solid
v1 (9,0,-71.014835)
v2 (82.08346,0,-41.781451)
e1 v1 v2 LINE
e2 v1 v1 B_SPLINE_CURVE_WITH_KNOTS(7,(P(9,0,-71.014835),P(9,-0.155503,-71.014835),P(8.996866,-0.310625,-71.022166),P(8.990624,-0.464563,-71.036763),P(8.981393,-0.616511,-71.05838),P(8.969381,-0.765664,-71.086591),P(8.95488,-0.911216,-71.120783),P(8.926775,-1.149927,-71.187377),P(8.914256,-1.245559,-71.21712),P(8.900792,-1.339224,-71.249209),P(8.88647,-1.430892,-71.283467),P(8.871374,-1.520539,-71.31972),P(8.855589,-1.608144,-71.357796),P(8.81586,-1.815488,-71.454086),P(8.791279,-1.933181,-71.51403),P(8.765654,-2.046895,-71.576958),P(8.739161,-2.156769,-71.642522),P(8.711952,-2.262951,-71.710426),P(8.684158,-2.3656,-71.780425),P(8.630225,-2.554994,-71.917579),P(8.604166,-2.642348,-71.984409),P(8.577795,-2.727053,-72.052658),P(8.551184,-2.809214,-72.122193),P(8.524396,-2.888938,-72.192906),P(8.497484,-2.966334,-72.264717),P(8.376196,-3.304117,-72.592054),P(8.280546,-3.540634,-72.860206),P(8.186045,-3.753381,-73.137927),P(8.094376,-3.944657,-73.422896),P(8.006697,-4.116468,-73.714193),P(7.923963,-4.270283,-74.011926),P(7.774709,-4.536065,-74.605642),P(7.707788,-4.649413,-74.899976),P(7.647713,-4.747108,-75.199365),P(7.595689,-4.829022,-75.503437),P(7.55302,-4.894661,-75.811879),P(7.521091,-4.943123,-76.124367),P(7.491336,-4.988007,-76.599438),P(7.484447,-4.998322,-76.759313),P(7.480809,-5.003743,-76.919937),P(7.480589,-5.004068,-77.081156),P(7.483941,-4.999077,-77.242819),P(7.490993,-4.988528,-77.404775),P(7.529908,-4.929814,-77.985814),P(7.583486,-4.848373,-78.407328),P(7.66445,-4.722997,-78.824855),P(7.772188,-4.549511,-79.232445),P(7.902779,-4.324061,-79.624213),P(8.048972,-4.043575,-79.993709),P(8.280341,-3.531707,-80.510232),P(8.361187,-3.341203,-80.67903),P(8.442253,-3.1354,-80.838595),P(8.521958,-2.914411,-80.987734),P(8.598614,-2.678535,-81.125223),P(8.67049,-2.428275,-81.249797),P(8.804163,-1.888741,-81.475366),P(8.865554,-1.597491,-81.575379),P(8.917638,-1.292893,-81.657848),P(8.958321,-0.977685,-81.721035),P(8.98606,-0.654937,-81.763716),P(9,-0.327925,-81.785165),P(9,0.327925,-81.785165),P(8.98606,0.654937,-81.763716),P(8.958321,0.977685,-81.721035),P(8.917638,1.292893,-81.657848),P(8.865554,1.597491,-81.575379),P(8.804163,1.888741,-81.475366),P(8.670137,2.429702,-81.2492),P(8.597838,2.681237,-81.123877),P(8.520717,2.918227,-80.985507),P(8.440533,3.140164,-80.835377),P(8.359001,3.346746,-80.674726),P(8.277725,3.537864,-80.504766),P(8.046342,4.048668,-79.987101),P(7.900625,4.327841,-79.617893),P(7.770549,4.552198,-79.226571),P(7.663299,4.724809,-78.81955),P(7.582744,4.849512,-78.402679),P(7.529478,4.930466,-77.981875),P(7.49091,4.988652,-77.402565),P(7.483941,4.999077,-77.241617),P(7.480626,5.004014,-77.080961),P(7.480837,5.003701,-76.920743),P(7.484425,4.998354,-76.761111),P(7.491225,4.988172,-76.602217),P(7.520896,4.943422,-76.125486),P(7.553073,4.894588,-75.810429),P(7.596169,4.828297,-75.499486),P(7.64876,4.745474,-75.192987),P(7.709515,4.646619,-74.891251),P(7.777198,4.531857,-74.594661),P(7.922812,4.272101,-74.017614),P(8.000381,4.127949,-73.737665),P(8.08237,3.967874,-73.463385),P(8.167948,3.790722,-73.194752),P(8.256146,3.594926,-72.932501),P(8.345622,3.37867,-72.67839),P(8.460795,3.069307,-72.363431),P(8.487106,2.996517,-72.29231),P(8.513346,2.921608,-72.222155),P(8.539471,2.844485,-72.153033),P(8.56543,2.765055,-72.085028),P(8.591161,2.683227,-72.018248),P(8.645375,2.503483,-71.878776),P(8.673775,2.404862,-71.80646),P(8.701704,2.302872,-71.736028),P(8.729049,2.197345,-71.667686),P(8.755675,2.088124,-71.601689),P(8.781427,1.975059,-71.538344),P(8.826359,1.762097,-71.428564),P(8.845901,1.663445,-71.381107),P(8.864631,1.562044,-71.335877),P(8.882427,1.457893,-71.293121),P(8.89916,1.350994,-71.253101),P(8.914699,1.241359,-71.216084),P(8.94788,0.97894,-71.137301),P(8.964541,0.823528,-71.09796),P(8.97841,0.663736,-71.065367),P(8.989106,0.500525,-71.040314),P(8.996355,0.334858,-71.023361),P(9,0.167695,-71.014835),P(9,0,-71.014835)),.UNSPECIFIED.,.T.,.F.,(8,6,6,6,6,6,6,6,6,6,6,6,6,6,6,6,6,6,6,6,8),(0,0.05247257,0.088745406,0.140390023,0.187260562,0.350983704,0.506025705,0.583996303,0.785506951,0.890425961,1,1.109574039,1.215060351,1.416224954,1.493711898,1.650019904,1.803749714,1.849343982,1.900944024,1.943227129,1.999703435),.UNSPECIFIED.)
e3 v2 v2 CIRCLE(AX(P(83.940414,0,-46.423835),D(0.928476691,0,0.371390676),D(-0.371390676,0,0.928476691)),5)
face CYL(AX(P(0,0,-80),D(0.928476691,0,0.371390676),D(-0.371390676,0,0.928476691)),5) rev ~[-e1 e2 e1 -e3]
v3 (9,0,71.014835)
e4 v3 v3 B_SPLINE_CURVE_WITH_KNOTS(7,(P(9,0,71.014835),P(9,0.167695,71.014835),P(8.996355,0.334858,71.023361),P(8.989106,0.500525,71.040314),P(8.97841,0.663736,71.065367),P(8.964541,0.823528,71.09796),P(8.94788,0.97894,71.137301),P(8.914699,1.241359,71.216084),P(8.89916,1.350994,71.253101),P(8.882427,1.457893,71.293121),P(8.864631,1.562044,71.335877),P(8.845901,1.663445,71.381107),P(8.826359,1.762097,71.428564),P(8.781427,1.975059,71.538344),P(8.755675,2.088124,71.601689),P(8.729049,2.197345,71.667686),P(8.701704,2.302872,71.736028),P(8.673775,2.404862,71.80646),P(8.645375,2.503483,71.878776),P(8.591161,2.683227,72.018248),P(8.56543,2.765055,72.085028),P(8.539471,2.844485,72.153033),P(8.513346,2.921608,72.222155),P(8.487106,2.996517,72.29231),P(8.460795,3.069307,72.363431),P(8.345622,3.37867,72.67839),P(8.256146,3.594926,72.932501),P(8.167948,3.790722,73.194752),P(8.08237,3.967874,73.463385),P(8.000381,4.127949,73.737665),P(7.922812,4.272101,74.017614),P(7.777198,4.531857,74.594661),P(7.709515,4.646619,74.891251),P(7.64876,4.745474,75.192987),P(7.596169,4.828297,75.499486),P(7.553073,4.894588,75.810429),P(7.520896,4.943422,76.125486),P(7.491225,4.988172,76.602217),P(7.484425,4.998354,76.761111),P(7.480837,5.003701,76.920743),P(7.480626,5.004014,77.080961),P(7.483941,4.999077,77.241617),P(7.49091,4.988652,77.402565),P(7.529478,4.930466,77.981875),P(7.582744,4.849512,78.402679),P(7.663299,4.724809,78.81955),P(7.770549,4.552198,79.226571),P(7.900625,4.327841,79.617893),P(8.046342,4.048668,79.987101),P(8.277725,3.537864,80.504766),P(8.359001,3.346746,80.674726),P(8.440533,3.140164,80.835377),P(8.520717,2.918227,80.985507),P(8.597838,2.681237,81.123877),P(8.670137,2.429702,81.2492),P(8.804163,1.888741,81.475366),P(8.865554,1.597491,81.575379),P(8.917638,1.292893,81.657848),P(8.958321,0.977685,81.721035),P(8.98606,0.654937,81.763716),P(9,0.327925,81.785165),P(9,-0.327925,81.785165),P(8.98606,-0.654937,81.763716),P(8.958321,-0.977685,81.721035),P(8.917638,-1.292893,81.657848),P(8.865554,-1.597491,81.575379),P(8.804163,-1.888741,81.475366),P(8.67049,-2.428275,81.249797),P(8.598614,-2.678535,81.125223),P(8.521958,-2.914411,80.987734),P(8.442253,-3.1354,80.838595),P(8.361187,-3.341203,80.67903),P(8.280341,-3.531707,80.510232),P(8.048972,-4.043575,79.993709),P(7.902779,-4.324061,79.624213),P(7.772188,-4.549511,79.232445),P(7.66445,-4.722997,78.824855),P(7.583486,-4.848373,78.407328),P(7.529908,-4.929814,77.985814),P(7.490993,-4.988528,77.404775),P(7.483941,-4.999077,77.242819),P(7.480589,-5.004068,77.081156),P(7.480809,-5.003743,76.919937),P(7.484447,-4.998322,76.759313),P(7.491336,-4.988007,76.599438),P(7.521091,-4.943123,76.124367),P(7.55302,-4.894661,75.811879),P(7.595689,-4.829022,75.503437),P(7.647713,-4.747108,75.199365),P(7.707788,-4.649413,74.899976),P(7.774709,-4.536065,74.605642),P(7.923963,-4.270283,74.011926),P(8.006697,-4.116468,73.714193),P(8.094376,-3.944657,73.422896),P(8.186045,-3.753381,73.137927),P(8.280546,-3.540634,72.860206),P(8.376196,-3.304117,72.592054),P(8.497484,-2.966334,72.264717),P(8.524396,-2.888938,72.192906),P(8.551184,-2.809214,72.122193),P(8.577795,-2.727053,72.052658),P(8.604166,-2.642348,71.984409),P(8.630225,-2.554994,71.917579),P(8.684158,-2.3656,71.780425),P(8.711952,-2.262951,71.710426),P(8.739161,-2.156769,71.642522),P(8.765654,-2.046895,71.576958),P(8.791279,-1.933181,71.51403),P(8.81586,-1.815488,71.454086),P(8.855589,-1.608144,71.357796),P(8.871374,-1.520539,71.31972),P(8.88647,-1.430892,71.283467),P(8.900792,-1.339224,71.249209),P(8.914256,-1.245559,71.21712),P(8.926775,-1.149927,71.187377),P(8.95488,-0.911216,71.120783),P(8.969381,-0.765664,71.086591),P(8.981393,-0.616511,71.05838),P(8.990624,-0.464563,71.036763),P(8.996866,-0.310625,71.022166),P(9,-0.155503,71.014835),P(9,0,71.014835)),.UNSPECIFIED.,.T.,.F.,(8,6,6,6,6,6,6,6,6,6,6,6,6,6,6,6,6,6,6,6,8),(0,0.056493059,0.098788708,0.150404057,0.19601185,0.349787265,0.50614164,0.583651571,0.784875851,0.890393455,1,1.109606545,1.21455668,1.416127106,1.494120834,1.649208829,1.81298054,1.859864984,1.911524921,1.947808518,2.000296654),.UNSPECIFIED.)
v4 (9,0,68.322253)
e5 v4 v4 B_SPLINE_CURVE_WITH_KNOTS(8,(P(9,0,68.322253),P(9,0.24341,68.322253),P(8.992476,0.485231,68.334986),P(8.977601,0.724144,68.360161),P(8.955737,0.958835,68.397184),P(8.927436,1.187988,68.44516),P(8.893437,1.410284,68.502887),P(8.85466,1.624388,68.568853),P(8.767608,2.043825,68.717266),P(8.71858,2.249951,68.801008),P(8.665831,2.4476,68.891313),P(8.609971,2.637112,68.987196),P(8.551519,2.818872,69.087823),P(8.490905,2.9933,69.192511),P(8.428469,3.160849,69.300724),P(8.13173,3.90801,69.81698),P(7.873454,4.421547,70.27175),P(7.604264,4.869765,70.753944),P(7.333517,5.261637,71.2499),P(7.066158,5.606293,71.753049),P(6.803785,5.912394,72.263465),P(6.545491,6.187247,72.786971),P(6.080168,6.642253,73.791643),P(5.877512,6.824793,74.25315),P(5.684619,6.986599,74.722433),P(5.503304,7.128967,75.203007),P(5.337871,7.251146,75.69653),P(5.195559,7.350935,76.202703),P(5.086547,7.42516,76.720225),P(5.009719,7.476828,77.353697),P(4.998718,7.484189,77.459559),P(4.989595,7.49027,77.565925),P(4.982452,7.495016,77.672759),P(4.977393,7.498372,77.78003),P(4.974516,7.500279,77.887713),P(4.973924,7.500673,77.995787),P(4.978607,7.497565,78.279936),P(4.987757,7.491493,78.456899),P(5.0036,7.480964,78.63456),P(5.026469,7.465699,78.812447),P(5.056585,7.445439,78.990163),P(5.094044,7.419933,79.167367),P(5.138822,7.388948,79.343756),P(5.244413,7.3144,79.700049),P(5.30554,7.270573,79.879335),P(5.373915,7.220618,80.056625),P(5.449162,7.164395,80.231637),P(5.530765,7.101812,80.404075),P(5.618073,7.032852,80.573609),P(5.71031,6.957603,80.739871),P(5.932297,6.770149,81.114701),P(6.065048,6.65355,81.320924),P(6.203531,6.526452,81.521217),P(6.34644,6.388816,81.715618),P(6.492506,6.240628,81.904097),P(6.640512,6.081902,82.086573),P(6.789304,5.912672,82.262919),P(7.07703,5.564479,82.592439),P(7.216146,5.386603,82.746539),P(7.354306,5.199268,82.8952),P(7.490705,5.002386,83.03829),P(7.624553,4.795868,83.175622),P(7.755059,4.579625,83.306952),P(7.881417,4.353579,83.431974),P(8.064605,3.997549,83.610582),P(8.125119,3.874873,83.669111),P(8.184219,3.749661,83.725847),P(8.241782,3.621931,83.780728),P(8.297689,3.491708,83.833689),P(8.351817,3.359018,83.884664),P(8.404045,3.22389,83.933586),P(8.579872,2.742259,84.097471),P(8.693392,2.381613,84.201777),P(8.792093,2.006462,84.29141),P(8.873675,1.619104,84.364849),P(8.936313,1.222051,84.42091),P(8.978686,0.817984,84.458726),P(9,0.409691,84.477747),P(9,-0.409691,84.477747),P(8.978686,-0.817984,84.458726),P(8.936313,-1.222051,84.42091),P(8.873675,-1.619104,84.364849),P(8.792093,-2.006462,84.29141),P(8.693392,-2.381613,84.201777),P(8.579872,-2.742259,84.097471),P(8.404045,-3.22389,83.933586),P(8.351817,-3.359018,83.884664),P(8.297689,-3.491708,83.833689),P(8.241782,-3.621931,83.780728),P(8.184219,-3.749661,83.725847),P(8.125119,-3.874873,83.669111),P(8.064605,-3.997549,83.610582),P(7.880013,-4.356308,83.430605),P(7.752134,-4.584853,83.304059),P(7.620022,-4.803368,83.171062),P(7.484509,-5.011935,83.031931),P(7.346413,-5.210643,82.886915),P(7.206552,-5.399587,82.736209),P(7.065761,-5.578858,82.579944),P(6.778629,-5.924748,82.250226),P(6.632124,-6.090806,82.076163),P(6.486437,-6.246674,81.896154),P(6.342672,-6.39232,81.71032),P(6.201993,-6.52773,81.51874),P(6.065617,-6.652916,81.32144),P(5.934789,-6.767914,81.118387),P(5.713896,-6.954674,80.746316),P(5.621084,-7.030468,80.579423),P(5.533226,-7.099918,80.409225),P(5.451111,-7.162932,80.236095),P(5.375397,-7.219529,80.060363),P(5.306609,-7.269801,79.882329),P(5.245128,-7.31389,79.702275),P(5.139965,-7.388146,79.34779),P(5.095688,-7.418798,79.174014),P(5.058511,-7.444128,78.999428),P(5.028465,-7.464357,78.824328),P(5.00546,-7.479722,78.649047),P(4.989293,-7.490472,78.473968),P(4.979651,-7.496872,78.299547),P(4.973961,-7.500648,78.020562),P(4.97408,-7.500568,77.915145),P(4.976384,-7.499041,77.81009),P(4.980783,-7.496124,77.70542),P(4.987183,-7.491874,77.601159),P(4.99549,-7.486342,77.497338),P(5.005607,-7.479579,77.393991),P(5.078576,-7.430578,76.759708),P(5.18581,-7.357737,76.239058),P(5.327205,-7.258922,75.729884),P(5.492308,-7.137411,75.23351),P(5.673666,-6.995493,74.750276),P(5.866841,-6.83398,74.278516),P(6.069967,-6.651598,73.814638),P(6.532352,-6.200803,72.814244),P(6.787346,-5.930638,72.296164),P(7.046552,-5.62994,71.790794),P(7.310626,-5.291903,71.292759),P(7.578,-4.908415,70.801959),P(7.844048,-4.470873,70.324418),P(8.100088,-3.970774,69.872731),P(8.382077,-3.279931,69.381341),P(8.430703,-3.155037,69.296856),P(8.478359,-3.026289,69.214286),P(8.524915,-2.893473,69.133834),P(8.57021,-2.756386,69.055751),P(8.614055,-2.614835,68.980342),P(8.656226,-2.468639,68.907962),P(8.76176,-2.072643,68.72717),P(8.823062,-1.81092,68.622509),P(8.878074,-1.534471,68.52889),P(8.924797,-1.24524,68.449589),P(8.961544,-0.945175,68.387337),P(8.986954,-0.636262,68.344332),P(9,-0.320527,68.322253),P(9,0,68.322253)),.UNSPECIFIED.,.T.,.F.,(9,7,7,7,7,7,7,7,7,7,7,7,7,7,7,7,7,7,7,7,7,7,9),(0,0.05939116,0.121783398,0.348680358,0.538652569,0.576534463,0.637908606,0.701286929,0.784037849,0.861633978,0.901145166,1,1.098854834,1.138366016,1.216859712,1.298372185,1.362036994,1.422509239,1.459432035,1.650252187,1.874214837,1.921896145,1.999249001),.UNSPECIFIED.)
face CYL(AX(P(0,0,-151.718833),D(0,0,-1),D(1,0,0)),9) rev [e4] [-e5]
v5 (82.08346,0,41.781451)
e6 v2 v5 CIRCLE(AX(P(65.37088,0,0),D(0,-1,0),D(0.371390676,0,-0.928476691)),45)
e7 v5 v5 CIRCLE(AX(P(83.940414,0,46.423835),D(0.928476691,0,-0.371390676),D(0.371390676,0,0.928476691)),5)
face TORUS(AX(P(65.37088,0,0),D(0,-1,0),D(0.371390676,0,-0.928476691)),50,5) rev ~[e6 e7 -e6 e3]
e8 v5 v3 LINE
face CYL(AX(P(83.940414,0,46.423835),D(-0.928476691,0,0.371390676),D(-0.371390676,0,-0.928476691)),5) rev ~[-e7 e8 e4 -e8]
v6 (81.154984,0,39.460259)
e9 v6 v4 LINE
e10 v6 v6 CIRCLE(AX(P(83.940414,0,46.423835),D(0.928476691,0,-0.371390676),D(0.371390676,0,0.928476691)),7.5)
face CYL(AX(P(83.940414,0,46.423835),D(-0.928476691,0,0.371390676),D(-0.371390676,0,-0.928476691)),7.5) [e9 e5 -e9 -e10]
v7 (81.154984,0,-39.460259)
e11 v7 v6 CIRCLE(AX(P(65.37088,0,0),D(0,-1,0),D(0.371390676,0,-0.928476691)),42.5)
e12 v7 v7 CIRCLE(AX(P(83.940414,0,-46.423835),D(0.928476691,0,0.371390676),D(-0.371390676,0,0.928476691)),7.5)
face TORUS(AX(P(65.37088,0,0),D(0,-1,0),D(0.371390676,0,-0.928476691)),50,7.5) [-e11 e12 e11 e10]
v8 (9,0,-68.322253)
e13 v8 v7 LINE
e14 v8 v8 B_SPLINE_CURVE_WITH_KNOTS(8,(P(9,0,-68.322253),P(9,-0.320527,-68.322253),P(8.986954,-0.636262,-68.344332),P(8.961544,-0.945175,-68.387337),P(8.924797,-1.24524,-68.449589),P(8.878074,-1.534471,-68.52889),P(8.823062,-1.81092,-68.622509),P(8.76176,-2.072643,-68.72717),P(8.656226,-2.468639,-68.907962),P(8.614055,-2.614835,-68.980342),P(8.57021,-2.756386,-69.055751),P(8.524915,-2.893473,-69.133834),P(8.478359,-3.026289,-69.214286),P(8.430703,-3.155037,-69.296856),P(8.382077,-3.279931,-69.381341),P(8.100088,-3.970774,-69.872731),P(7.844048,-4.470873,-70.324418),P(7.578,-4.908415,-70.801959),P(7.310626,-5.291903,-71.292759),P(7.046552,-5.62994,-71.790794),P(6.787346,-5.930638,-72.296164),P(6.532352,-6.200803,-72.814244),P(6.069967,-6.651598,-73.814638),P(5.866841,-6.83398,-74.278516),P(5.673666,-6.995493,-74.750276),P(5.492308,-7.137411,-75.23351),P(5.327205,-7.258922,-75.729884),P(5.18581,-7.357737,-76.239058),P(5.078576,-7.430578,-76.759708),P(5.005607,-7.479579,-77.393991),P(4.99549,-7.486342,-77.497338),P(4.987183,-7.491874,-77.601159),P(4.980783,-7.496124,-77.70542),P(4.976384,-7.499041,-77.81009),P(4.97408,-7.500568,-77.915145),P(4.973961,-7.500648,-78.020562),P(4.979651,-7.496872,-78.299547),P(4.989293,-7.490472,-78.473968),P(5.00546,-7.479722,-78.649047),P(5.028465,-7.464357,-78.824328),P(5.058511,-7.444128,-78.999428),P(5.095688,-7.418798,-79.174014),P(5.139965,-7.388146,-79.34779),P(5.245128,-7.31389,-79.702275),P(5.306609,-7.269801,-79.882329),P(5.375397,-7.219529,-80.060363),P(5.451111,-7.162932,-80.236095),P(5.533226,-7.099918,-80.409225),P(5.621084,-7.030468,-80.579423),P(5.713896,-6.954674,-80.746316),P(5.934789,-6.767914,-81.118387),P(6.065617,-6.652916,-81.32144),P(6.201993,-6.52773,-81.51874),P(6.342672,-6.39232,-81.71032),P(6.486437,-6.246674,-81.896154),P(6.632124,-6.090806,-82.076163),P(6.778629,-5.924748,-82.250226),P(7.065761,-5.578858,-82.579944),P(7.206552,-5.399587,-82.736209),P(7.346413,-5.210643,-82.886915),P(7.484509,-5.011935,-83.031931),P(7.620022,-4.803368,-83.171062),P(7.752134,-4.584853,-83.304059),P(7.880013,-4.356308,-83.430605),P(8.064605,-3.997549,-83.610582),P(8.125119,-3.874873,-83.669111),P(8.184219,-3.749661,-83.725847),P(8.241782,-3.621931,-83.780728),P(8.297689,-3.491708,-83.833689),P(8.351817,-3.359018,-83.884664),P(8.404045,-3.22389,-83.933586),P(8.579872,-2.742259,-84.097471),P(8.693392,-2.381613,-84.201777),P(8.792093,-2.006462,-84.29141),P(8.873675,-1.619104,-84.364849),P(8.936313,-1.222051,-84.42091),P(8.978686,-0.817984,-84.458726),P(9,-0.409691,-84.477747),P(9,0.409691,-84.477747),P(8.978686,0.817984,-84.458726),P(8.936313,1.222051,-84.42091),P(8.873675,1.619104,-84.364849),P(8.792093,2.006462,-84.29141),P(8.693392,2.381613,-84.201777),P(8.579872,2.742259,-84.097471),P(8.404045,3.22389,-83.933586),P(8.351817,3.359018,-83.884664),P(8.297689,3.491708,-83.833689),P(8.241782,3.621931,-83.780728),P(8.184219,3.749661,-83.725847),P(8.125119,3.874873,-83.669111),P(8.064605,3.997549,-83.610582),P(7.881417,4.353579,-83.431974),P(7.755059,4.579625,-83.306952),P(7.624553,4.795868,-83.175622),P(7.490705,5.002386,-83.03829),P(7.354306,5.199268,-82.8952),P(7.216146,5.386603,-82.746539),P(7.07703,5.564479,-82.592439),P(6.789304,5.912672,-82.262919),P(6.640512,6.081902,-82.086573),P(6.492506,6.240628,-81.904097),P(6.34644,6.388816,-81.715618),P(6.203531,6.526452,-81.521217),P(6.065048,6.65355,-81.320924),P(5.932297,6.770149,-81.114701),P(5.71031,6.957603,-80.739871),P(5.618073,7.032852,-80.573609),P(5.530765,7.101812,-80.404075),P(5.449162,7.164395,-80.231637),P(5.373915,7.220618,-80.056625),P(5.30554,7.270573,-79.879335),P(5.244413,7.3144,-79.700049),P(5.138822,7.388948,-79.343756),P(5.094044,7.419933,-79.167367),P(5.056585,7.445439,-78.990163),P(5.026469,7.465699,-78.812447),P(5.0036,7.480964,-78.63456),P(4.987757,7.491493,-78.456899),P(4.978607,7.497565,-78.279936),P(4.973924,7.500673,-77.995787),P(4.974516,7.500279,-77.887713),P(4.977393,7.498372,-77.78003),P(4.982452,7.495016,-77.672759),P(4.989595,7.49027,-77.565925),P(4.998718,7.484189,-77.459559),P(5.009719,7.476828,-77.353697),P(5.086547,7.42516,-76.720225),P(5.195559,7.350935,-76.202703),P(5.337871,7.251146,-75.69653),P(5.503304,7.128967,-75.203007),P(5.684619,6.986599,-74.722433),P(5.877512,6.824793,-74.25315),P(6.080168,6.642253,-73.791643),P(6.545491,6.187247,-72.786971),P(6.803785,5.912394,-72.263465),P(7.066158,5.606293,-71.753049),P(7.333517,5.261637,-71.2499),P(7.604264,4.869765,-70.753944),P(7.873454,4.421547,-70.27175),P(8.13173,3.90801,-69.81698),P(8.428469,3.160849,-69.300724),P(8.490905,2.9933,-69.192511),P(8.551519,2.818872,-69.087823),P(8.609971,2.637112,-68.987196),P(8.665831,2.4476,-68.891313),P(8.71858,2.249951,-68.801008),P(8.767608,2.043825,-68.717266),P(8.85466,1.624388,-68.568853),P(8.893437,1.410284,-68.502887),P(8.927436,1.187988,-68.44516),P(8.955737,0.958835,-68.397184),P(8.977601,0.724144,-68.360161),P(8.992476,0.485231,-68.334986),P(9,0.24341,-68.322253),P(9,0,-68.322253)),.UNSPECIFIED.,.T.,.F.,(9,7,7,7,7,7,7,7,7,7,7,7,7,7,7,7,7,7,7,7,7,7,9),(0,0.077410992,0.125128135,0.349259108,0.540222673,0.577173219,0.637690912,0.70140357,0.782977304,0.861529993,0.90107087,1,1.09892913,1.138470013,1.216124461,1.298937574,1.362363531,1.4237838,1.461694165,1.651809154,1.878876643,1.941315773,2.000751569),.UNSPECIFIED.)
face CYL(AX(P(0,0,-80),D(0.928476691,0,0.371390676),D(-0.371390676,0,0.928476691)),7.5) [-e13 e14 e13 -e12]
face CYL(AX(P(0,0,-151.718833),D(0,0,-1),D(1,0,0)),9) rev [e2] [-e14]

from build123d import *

# Parameters (mm, degrees)
SWEEP_THIN1_PROFILE_R   = 7.5
SWEEP_THIN1_PROFILE_R_2 = 5
CUT_EXTRUDE1_DEPTH      = 151.71883274
CUT_EXTRUDE1_DEPTH_BACK = 151.71883274
SKETCH7_R               = 9


with BuildPart() as part:
    # Sweep-Thin1: sweep along a path in Sketch2
    with BuildLine(Plane(origin=(0, 0, 0), x_dir=(1, 0, 0), z_dir=(0, 1, 0))) as sweep_thin1_path:
        Line((0, 80), (83.940413639, 46.423834544))
        ThreePointArc((83.940413639, 46.423834544), (115.370879822, 0), (83.940413639, -46.423834544))
        Line((83.940413639, -46.423834544), (0, -80))
    # Sweep-Thin1 profile (on start of the path) → Sweep-Thin1 (sweep)
    with BuildSketch(Plane(origin=(0, 0, -80), x_dir=(-0.37139067635410383, 0, 0.9284766908852594), z_dir=(0.9284766908852594, 0, 0.37139067635410383))):
        Circle(SWEEP_THIN1_PROFILE_R)
        Circle(SWEEP_THIN1_PROFILE_R_2, mode=Mode.SUBTRACT)
    sweep(path=sweep_thin1_path.line)

    # Sketch7 → Cut-Extrude1 (cut, two sides: drawn at the far end of the back side and taken through both)
    with BuildSketch(Plane.XY.offset(-CUT_EXTRUDE1_DEPTH_BACK)):
        Circle(SKETCH7_R)
    extrude(amount=CUT_EXTRUDE1_DEPTH + CUT_EXTRUDE1_DEPTH_BACK, mode=Mode.SUBTRACT)


solid = part.part
